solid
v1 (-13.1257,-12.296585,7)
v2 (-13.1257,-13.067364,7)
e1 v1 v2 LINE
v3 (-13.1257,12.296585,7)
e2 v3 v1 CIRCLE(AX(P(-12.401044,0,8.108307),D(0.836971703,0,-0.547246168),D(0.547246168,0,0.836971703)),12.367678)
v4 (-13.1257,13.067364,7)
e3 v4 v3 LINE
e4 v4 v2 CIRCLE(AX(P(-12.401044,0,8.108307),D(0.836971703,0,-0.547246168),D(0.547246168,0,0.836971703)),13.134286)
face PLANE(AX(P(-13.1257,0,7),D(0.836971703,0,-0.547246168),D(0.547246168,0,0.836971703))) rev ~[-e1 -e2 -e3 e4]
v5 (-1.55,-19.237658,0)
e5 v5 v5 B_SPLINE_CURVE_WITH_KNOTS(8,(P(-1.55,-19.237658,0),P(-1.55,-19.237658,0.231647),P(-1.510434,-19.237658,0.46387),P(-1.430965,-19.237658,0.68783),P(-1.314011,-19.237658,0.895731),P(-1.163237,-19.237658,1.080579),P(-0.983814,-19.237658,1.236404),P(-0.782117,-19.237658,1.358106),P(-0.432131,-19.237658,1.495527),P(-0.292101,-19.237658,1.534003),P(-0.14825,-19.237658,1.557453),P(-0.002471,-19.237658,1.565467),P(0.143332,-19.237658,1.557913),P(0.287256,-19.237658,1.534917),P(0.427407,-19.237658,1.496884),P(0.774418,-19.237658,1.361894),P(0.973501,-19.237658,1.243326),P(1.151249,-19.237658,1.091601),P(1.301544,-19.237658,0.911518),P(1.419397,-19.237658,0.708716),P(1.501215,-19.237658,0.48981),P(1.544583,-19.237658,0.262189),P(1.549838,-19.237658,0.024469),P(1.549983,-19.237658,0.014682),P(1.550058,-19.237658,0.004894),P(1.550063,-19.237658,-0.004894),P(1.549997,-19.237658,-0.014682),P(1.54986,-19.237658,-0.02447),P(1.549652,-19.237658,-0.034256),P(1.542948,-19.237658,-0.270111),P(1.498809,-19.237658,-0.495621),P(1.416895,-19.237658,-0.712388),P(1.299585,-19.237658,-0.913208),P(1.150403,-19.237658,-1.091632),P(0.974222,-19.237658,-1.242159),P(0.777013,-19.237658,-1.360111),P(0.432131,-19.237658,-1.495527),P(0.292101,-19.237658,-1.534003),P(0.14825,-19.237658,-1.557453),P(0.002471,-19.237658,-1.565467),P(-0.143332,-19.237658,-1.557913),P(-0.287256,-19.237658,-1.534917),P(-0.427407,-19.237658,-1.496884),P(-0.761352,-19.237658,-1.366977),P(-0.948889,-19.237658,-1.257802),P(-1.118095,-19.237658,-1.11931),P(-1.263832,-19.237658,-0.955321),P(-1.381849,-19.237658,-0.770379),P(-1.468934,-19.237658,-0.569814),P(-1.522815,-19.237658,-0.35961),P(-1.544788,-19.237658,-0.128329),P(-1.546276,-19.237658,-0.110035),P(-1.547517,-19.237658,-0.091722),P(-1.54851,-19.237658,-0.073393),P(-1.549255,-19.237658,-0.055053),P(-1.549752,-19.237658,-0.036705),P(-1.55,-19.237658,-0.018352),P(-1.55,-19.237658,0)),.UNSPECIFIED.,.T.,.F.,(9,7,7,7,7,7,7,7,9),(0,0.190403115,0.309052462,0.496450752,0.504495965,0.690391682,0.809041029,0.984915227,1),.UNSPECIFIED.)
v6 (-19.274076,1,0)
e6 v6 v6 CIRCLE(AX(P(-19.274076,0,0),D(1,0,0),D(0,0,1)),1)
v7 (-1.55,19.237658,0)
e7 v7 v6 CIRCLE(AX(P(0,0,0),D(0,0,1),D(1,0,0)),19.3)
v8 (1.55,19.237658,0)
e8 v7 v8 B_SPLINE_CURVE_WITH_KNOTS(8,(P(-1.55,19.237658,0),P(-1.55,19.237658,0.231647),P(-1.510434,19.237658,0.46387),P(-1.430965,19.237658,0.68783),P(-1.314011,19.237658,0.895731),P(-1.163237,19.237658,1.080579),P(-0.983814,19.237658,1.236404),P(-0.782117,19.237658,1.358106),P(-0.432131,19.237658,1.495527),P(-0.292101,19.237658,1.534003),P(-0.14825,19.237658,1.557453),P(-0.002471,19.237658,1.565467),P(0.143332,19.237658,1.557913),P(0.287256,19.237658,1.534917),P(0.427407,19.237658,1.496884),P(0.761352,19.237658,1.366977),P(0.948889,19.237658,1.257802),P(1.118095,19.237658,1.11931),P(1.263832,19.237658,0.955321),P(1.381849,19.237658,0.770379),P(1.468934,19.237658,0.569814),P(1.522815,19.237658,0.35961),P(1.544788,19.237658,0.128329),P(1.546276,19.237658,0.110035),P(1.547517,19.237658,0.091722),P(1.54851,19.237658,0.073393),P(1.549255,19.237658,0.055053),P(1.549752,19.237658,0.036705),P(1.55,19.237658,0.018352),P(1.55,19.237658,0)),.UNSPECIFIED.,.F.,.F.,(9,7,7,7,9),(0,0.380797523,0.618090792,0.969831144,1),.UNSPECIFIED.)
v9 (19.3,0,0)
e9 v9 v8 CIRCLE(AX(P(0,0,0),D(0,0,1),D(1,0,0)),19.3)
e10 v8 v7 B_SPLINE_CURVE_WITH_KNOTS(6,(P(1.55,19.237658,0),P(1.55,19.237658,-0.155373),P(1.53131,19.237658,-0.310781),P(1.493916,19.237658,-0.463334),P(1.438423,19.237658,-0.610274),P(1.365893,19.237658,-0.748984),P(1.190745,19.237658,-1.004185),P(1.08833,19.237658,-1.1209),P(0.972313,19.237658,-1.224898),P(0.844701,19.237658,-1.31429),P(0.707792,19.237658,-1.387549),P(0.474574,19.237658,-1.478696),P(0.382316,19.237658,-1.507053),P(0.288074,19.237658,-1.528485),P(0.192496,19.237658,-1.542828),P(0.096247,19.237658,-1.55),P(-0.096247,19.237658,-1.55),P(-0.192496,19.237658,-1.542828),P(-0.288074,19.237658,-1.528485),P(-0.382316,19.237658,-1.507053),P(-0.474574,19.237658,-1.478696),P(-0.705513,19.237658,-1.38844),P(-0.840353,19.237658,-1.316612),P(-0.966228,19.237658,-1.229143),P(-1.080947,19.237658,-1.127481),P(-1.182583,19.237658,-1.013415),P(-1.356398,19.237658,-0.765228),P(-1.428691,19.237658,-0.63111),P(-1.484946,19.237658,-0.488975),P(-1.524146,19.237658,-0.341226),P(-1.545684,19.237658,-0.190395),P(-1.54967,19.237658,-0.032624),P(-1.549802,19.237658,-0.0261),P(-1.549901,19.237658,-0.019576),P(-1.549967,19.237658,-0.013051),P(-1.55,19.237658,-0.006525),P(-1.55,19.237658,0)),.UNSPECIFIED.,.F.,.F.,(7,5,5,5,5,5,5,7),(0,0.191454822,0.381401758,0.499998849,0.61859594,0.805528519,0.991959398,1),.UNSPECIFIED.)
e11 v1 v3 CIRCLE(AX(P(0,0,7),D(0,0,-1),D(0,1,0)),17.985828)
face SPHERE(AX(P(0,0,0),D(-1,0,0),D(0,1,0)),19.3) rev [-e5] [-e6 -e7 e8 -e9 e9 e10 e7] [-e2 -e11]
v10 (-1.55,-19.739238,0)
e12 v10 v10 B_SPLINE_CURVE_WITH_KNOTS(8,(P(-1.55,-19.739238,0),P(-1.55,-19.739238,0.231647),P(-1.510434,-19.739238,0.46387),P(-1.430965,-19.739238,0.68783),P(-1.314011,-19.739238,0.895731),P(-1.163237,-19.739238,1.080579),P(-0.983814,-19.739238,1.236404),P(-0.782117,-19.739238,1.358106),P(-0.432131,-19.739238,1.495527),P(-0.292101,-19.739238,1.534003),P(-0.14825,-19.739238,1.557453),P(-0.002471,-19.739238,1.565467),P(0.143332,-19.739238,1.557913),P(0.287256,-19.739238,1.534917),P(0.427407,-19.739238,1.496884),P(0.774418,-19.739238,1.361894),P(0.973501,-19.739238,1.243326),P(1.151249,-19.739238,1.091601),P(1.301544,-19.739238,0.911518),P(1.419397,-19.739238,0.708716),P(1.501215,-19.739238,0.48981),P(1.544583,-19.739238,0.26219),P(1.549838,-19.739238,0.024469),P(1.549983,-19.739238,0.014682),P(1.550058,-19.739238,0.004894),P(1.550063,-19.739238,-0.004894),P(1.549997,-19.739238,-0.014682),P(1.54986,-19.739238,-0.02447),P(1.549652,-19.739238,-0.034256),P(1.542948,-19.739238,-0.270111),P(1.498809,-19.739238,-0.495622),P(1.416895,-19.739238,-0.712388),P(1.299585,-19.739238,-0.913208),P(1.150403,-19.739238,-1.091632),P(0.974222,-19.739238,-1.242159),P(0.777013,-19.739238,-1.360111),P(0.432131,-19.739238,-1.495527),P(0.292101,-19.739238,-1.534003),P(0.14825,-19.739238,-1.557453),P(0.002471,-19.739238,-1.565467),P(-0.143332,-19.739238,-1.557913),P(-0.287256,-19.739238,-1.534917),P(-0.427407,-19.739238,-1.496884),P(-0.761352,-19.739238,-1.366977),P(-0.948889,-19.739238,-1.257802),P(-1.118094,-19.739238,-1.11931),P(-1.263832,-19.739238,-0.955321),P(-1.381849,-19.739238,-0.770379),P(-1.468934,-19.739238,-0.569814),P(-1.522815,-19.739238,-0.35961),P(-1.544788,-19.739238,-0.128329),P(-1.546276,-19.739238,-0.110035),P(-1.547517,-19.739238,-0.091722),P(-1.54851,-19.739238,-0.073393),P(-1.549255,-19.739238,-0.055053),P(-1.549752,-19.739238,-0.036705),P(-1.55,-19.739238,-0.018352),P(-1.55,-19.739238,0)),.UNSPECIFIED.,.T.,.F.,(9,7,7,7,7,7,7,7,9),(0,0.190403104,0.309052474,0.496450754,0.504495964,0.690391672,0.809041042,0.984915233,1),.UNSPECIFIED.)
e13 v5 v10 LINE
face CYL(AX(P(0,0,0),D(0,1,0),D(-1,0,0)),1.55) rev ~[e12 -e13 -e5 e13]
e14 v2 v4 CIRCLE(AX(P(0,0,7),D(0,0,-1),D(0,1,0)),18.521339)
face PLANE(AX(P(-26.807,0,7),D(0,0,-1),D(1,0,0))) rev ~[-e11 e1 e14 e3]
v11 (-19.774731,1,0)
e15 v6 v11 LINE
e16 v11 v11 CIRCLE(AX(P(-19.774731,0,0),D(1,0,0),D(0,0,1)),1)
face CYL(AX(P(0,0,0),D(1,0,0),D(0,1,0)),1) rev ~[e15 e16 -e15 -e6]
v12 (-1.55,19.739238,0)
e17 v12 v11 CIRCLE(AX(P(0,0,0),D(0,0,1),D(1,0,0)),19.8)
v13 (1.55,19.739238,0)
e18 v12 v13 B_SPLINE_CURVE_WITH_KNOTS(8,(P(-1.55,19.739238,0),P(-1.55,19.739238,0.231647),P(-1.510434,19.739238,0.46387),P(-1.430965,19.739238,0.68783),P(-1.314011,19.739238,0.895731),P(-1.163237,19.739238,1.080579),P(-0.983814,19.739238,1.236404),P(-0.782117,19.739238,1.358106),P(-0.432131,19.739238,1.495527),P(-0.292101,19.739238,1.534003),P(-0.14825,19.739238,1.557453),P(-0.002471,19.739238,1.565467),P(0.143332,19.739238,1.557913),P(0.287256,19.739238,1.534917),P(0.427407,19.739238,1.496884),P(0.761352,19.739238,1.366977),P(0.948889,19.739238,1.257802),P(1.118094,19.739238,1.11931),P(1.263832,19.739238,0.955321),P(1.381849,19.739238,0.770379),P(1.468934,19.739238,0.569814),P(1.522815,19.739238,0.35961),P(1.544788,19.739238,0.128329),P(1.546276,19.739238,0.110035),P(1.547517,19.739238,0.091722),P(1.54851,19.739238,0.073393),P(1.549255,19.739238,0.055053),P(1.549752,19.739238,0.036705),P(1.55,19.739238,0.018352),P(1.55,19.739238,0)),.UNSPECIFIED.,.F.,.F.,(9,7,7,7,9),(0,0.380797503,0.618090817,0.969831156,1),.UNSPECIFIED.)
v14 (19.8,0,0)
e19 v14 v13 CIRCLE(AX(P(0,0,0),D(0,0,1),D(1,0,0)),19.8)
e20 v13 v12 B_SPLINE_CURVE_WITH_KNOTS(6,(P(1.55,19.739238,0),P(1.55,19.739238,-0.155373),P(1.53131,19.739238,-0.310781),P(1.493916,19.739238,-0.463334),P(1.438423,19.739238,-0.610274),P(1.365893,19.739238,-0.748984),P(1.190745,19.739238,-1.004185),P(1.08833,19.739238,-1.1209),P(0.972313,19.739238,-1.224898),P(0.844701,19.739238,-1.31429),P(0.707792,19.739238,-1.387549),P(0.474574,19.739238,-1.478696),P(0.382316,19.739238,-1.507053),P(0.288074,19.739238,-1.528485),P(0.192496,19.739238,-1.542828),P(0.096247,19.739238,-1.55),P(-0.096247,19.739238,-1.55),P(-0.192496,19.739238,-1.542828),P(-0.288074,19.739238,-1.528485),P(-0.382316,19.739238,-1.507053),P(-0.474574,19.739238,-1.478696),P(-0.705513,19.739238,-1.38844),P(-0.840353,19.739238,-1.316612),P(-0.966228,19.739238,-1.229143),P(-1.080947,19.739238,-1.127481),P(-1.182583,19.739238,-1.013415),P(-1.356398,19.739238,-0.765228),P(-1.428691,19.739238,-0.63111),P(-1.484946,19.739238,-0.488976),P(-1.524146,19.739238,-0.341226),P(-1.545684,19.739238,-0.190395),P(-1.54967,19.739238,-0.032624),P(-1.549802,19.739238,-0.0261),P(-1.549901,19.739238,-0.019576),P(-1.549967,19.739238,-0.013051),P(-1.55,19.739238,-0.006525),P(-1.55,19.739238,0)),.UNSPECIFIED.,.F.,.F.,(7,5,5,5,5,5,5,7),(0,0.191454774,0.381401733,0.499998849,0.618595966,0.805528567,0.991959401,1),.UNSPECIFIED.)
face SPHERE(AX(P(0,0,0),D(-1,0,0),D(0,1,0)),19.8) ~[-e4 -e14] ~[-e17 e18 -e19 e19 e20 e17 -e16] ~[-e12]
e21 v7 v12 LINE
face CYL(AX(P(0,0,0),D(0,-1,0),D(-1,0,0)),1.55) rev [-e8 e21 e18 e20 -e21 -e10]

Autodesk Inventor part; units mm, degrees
sketch "Sketch1" plane through (0, 0, 0) normal (0, 0, 1) x (1, 0, 0)
  line L0 (15.9491, 0) -> (16.0494, 0)
  line L1 (-19.8, 0) -> (19.8, 0)
  arc A0 (19.8, 0) -> (-19.8, 0) centre (0, 0) ccw
  dimension "d32" = 39.6
ref_plane "Work Plane1" through (0, 0, 7) normal (0, 0, 1) x (1, 0, 0)
revolve "Revolution3" add sketch "Sketch1" angle 360 about axis through (15.9491, 0, 0) along (1, 0, 0)
ref_plane "Work Plane2" through (0, 0, 11) normal (0, 0, 1) x (1, 0, 0)
sketch "Sketch17" plane through (0, 0, 0) normal (0, 1, 0) x (-1, 0, 0)
  line L0 (26.807, 7) -> (13.1257, 7)
  line L1 (13.1257, 7) -> (3.4348, 21.8215)
  line L2 (3.4348, 21.8215) -> (26.807, 7)
  point P0 (0, 0)
  dimension "d50" = 7
extrude "Extrusion10" cut sketch "Sketch17" along normal through all both and the other way through all
shell "Shell4" thickness 0.5 removed faces 2 at (-15.7431, -1.7688, 7) at (-10.8801, -4.3558, 10.4345)
sketch "Sketch16" plane through (0, 0, 0) normal (0, 1, 0) x (-1, 0, 0)
  circle A0 centre (0, 0) radius 1.55
  dimension "d39" = 3.1
extrude "Extrusion9" cut sketch "Sketch16" along normal through all both and the other way through all
sketch "Sketch18" plane through (0, 0, 0) normal (1, 0, 0) x (0, 1, 0)
  circle A0 centre (0, 0) radius 1
  dimension "d46" = 2
extrude "Extrusion11" cut sketch "Sketch18" against normal through all
ref_plane "Work Plane3" through (0, 0, -20.5) normal (0, 0, 1) x (1, 0, 0)
properties part number "ping pong ball"
